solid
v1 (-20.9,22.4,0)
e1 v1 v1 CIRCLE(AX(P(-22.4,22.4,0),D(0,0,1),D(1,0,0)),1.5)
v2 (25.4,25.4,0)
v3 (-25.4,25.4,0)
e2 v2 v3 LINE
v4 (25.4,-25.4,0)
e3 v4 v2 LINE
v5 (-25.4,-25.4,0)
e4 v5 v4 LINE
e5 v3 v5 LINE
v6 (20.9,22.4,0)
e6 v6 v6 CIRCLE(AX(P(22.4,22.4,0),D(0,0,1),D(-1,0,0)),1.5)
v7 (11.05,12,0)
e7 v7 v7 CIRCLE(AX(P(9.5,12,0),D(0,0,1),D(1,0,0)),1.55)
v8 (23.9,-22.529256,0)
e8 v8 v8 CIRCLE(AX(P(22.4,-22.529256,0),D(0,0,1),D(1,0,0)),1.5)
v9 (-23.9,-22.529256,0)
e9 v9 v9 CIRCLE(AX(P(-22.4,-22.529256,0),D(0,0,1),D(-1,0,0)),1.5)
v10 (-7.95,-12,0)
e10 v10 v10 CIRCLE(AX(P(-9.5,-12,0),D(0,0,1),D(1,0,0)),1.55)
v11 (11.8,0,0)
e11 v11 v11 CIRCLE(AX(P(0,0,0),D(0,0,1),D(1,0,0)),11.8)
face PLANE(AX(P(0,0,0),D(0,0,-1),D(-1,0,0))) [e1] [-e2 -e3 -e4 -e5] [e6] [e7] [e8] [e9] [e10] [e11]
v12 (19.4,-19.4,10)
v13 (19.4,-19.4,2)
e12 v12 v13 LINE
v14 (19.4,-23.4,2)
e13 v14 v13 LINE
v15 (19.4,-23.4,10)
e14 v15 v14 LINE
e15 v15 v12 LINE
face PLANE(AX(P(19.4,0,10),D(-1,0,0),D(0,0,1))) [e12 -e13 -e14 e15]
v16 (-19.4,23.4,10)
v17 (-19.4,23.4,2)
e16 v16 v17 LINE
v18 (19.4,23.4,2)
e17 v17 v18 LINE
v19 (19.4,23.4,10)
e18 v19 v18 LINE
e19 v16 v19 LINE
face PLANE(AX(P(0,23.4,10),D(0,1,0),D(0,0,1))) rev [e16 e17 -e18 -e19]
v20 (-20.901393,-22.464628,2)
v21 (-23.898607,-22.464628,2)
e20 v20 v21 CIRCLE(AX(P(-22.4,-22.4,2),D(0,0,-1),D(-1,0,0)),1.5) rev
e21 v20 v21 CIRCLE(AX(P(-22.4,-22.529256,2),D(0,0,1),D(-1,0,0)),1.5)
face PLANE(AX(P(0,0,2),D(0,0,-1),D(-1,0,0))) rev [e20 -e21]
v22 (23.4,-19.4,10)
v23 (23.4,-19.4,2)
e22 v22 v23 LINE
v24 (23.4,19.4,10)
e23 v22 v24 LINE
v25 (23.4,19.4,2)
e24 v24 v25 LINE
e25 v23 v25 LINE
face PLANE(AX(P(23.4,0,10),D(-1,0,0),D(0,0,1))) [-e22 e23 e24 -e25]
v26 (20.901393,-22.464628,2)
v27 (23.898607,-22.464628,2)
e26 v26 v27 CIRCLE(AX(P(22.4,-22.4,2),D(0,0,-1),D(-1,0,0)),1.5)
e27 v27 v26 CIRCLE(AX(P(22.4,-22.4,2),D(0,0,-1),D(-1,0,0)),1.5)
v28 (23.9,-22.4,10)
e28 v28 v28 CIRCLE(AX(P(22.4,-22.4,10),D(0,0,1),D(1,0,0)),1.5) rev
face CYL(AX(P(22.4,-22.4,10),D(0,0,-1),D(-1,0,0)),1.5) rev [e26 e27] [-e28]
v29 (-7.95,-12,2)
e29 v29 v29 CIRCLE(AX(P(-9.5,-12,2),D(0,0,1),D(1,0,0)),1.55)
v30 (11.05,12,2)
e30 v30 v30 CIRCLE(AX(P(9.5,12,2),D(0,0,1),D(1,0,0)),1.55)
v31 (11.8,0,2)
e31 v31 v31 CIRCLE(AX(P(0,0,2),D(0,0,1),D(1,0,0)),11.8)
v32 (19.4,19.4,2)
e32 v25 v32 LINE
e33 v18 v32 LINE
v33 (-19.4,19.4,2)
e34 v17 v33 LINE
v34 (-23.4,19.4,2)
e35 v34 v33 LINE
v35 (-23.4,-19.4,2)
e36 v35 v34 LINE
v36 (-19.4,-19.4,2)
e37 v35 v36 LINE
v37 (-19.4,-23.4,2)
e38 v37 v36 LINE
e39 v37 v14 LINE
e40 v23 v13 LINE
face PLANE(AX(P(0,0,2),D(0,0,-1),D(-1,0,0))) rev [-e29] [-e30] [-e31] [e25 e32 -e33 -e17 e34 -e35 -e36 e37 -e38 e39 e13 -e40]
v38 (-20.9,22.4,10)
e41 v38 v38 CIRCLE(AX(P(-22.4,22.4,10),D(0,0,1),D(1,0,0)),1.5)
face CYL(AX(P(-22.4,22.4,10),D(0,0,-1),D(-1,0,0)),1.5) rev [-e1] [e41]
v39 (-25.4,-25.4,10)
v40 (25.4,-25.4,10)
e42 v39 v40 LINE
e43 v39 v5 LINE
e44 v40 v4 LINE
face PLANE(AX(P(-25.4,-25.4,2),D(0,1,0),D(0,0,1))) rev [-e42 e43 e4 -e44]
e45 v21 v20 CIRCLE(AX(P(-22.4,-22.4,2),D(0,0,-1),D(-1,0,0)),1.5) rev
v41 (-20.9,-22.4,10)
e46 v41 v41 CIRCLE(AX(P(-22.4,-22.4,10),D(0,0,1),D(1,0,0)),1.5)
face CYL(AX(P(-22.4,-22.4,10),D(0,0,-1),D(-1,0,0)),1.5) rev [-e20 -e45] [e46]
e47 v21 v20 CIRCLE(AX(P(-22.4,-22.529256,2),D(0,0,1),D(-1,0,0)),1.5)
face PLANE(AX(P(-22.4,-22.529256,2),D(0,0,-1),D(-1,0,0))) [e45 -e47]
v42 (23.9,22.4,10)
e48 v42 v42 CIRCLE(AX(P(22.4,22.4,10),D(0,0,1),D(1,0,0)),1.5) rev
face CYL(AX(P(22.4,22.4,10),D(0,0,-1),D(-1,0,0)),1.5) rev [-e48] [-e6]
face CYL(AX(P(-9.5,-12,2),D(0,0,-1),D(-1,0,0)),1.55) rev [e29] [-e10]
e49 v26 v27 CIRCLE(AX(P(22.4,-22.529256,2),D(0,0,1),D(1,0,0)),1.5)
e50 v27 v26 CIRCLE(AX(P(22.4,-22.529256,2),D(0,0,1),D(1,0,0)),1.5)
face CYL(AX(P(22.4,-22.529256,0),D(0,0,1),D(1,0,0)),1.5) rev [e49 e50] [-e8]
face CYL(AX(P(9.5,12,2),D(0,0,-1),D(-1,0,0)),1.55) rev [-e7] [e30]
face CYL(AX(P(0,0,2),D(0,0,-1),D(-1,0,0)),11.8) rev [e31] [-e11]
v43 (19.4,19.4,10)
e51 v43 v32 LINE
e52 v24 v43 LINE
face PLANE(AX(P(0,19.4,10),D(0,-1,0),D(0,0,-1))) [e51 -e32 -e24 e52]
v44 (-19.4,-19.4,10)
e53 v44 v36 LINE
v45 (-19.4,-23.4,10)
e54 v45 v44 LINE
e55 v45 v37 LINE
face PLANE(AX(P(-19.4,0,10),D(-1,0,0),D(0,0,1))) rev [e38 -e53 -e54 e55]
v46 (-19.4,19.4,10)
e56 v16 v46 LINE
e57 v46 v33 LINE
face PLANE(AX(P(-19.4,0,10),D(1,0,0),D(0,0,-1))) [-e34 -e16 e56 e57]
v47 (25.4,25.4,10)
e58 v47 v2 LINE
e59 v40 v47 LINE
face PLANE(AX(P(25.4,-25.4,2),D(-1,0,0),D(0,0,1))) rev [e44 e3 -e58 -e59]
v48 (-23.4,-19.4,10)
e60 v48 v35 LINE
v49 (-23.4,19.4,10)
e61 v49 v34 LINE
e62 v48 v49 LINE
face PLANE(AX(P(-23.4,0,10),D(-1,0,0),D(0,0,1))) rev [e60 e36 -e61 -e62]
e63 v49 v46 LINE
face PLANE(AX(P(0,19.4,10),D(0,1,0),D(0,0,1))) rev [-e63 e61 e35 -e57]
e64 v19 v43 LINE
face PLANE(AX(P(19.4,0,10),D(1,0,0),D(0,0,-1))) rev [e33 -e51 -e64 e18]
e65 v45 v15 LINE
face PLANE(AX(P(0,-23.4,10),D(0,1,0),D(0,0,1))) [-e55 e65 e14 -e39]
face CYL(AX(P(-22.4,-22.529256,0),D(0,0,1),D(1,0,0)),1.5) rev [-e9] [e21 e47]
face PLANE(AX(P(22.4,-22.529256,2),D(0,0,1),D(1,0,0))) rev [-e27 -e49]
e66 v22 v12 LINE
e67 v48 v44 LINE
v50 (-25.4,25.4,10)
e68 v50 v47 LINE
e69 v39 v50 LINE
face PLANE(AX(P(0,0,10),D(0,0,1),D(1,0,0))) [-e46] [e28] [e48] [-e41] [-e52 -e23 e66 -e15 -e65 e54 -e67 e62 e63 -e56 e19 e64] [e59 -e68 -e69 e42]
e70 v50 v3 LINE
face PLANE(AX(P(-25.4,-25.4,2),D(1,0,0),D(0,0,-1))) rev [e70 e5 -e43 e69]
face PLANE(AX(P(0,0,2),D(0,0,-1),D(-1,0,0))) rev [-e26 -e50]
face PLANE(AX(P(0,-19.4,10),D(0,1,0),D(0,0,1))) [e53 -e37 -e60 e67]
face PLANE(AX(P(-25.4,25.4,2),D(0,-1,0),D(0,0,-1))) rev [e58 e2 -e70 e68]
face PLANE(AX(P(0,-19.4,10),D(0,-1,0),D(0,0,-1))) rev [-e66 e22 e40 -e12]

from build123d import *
from build123d.topology import SkipClean

# Parameters (mm, degrees)
SKETCH3_W           = 50.8
SKETCH3_H           = 50.8
SKETCH3_R           = 11.8
SKETCH3_R_2         = 1.55
BOSS_EXTRUDE5_DEPTH = 2
SKETCH1_W           = 2
SKETCH1_H           = 38.8
SKETCH1_W_2         = 38.8
SKETCH1_H_2         = 2
BOSS_EXTRUDE6_DEPTH = 10
SKETCH7_R           = 1.5
CUT_EXTRUDE2_DEPTH  = 37.80108694


with BuildPart() as part:
    # Sketch3 → Boss-Extrude5 (new body)
    with BuildSketch(Plane.XY):
        Rectangle(SKETCH3_W, SKETCH3_H)
        Circle(SKETCH3_R, mode=Mode.SUBTRACT)
        with Locations((-9.5, -12)):
            Circle(SKETCH3_R_2, mode=Mode.SUBTRACT)
        with Locations((9.5, 12)):
            Circle(SKETCH3_R_2, mode=Mode.SUBTRACT)
    extrude(amount=BOSS_EXTRUDE5_DEPTH)

    # Sketch1 → Boss-Extrude6 (add)
    with BuildSketch(Plane.XY):
        with Locations((24.4, 0)):
            Rectangle(SKETCH1_W, SKETCH1_H)
        with BuildLine():
            Line((21.281966011, -23.4), (19.4, -23.4))
            Line((19.4, -23.4), (19.4, -25.4))
            Line((19.4, -25.4), (25.4, -25.4))
            Line((25.4, -25.4), (25.4, -19.4))
            Line((25.4, -19.4), (23.4, -19.4))
            Line((23.4, -19.4), (23.4, -21.281966011))
            ThreePointArc((23.4, -21.281966011), (23.769306394, -21.787627564), (23.9, -22.4))
            ThreePointArc((23.9, -22.4), (22.935233135, -23.801258538), (21.281966011, -23.4))
        make_face()
        with BuildLine():
            Line((19.4, -19.4), (19.4, -23.4))
            Line((19.4, -23.4), (21.281966011, -23.4))
            ThreePointArc((21.281966011, -23.4), (21.339339828, -21.339339828), (23.4, -21.281966011))
            Line((23.4, -21.281966011), (23.4, -19.4))
            Line((23.4, -19.4), (19.4, -19.4))
        make_face()
        with Locations((0, -24.4)):
            Rectangle(SKETCH1_W_2, SKETCH1_H_2)
        with BuildLine():
            ThreePointArc((-20.9, -22.4), (-20.998741462, -22.935233135), (-21.281966011, -23.4))
            Line((-21.281966011, -23.4), (-19.4, -23.4))
            Line((-19.4, -23.4), (-19.4, -19.4))
            Line((-19.4, -19.4), (-23.4, -19.4))
            Line((-23.4, -19.4), (-23.4, -21.281966011))
            ThreePointArc((-23.4, -21.281966011), (-21.787627564, -21.030693606), (-20.9, -22.4))
        make_face()
        with BuildLine():
            Line((-19.4, -23.4), (-21.281966011, -23.4))
            ThreePointArc((-21.281966011, -23.4), (-23.460660172, -23.460660172), (-23.4, -21.281966011))
            Line((-23.4, -21.281966011), (-23.4, -19.4))
            Line((-23.4, -19.4), (-25.4, -19.4))
            Line((-25.4, -19.4), (-25.4, -25.4))
            Line((-25.4, -25.4), (-19.4, -25.4))
            Line((-19.4, -25.4), (-19.4, -23.4))
        make_face()
        with Locations((-24.4, 0)):
            Rectangle(SKETCH1_W, SKETCH1_H)
        with BuildLine():
            Line((-25.4, 19.4), (-23.4, 19.4))
            Line((-23.4, 19.4), (-23.4, 21.281966011))
            ThreePointArc((-23.4, 21.281966011), (-23.460660172, 23.460660172), (-21.281966011, 23.4))
            Line((-21.281966011, 23.4), (-19.4, 23.4))
            Line((-19.4, 23.4), (-19.4, 25.4))
            Line((-19.4, 25.4), (-25.4, 25.4))
            Line((-25.4, 25.4), (-25.4, 19.4))
        make_face()
        with BuildLine():
            Line((-23.4, 21.281966011), (-23.4, 19.4))
            Line((-23.4, 19.4), (-19.4, 19.4))
            Line((-19.4, 19.4), (-19.4, 23.4))
            Line((-19.4, 23.4), (-21.281966011, 23.4))
            ThreePointArc((-21.281966011, 23.4), (-20.998741462, 22.935233135), (-20.9, 22.4))
            ThreePointArc((-20.9, 22.4), (-21.787627564, 21.030693606), (-23.4, 21.281966011))
        make_face()
        with Locations((0, 24.4)):
            Rectangle(SKETCH1_W_2, SKETCH1_H_2)
        with BuildLine():
            Line((23.4, 21.281966011), (23.4, 19.4))
            Line((23.4, 19.4), (25.4, 19.4))
            Line((25.4, 19.4), (25.4, 25.4))
            Line((25.4, 25.4), (19.4, 25.4))
            Line((19.4, 25.4), (19.4, 23.4))
            Line((19.4, 23.4), (21.281966011, 23.4))
            ThreePointArc((21.281966011, 23.4), (22.935233135, 23.801258538), (23.9, 22.4))
            ThreePointArc((23.9, 22.4), (23.769306394, 21.787627564), (23.4, 21.281966011))
        make_face()
        with BuildLine():
            Line((19.4, 19.4), (23.4, 19.4))
            Line((23.4, 19.4), (23.4, 21.281966011))
            ThreePointArc((23.4, 21.281966011), (21.339339828, 21.339339828), (21.281966011, 23.4))
            Line((21.281966011, 23.4), (19.4, 23.4))
            Line((19.4, 23.4), (19.4, 19.4))
        make_face()
    extrude(amount=BOSS_EXTRUDE6_DEPTH)

    # Sketch7 → Cut-Extrude2 (cut, through all)
    with SkipClean():  # the faces are left unmerged after this step: merging them gives an invalid solid
        with BuildSketch(Plane.XY.offset(2)):
            with Locations((-22.4, 22.4)):
                Circle(SKETCH7_R)
            with Locations(Location((22.4, 22.4, 0), (0, 0, 180))):
                Circle(SKETCH7_R)
            with Locations((22.4, -22.529256464)):
                Circle(SKETCH7_R)
            with Locations(Location((-22.4, -22.529256464, 0), (0, 0, 2.46938104))):
                Circle(SKETCH7_R)
        extrude(amount=-CUT_EXTRUDE2_DEPTH, mode=Mode.SUBTRACT)


solid = part.part
